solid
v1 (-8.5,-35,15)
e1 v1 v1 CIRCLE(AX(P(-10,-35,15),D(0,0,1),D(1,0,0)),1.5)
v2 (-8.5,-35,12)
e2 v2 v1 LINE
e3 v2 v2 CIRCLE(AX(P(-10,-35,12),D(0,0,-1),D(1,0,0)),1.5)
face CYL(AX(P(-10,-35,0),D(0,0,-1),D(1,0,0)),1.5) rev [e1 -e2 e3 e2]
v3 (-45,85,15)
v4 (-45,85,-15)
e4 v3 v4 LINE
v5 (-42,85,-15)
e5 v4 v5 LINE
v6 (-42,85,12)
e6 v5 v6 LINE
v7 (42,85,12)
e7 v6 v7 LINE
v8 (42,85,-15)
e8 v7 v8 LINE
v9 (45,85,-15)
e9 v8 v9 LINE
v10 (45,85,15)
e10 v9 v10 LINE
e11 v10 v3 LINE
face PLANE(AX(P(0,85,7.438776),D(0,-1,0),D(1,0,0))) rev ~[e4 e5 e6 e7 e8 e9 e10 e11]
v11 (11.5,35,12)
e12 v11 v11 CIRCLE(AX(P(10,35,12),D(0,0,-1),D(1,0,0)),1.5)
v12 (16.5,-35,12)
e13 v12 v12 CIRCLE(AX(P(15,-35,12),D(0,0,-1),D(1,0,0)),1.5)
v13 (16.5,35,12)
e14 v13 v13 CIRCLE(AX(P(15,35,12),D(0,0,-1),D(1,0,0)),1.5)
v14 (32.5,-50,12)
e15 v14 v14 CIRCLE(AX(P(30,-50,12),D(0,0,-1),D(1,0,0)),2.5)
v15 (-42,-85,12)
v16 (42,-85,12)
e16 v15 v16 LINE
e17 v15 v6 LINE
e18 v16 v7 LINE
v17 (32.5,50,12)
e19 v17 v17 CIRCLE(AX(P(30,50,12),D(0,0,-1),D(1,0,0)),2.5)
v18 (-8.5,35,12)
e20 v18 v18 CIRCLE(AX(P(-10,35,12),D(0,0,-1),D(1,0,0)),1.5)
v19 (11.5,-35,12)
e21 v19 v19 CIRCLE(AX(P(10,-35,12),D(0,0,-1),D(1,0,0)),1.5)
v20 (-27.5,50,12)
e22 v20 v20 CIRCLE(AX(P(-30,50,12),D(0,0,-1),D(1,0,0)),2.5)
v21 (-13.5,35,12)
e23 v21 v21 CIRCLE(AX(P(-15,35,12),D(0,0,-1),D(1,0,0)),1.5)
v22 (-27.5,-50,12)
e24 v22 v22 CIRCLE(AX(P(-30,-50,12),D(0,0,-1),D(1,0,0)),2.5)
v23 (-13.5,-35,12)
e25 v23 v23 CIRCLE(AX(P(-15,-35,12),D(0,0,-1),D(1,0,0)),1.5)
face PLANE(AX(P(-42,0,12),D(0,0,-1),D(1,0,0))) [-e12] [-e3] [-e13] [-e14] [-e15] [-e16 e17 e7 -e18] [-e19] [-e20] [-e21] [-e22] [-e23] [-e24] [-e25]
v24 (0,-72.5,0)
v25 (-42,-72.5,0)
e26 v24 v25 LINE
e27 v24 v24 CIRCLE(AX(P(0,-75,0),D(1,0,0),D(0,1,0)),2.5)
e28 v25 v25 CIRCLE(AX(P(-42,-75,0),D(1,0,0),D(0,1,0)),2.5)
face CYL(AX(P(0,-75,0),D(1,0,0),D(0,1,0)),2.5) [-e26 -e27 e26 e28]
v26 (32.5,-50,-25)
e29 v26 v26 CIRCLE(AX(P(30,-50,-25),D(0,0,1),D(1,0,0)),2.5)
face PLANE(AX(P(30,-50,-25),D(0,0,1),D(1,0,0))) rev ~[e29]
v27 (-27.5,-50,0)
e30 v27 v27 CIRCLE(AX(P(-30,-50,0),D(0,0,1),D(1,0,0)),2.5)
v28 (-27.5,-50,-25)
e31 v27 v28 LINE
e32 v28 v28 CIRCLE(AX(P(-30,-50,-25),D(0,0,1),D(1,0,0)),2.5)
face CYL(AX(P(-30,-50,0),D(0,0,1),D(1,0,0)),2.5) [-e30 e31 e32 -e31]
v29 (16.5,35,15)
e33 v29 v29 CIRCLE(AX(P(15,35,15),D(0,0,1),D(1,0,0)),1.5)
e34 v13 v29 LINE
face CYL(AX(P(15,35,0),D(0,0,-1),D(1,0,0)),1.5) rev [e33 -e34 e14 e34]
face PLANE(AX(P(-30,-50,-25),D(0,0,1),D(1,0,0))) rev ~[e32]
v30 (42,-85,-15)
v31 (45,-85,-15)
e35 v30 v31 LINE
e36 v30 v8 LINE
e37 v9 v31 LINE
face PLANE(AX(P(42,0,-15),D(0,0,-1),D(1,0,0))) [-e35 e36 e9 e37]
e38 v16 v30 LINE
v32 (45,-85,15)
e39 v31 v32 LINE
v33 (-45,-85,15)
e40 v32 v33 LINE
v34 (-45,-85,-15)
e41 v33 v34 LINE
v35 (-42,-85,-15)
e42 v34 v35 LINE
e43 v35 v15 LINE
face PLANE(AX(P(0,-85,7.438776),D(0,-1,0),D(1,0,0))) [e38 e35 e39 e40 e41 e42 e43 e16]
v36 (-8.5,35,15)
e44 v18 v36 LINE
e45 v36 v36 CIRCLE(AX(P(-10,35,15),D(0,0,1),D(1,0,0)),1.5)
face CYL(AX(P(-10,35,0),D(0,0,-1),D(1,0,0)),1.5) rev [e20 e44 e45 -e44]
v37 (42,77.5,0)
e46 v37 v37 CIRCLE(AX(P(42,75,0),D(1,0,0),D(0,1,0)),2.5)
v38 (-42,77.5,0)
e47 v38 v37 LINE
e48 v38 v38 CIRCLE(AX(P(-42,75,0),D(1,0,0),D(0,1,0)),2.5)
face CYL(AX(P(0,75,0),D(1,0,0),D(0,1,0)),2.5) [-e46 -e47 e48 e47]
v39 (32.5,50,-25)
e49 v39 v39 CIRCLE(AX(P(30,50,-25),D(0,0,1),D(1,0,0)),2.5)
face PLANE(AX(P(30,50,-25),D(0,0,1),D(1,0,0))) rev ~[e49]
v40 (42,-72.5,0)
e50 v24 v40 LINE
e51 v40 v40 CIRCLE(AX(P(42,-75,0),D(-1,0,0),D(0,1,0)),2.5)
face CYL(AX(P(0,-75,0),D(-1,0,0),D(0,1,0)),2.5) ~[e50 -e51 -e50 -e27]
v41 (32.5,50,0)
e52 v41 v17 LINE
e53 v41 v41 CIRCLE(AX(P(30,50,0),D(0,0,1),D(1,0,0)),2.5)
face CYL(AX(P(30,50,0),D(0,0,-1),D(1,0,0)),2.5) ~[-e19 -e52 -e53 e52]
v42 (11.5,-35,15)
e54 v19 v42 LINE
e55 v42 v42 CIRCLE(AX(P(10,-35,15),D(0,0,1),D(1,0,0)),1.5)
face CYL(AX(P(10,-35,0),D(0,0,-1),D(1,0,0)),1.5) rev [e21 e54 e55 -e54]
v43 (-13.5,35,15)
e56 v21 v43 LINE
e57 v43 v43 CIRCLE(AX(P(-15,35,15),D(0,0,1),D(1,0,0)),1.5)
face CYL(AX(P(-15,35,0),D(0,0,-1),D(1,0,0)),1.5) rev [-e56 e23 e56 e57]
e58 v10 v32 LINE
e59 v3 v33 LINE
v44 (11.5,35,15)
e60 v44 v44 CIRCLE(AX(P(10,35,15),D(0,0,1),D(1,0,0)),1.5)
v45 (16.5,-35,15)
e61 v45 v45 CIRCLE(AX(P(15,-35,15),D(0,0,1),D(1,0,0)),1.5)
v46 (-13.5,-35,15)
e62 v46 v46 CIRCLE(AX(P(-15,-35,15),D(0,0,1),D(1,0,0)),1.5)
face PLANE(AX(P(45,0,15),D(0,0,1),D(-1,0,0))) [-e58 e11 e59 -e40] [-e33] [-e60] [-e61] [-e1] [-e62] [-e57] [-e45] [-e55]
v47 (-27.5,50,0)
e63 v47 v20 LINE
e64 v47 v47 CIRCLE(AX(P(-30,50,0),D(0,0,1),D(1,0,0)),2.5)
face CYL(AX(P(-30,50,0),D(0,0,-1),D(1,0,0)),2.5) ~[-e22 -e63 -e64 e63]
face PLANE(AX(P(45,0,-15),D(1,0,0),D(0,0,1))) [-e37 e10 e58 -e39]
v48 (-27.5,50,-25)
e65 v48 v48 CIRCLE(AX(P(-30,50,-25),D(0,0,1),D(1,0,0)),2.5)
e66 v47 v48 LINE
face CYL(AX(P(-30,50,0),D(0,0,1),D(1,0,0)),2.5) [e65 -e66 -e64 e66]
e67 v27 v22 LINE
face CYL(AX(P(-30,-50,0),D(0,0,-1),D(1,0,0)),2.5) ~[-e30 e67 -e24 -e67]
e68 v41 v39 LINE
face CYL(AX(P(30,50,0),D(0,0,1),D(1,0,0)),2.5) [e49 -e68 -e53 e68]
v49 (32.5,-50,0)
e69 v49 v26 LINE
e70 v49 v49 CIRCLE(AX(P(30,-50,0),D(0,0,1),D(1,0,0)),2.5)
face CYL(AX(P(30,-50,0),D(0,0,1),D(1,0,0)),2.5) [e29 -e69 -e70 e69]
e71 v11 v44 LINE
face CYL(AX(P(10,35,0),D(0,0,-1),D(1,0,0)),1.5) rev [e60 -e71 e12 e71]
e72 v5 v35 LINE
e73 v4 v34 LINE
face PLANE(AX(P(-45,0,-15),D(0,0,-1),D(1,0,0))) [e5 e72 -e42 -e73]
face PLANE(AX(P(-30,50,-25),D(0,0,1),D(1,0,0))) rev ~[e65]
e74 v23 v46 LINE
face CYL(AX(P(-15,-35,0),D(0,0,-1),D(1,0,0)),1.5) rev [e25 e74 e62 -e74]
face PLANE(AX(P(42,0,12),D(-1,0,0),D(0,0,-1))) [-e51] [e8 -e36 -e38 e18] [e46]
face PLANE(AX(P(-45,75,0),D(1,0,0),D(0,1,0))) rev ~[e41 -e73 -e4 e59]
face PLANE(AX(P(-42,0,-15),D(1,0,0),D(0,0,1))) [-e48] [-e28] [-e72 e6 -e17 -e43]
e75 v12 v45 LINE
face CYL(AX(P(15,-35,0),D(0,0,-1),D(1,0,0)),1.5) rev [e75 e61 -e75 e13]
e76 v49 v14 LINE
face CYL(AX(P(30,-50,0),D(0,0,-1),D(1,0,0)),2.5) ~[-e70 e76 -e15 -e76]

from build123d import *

# Parameters (mm, degrees)
F1_DEPTH      = 85
F2_R          = 2.5
F3_DEPTH      = 45
F4_R          = 2.5
F5_DEPTH      = 15
F5_DEPTH_BACK = 25
F6_R          = 1.5
F7_DEPTH      = 15


with BuildPart() as f1:
    # F0 (on Front) → F1 (new body, symmetric)
    with BuildSketch(Plane.XZ):
        Polygon((42, -15), (45, -15), (45, 15), (-45, 15), (-45, -15), (-42, -15), (-42, 12), (42, 12), align=None)
    extrude(amount=F1_DEPTH, both=True)

    # F2 (on Right) → F3 (join, symmetric)
    with BuildSketch(Plane.YZ):
        with Locations((-75, 0)):
            Circle(F2_R)
        with Locations((75, 0)):
            Circle(F2_R)
    extrude(amount=F3_DEPTH, both=True)

    # F4 (on Top) → F5 (join, two sides)
    with BuildSketch(Plane.XY) as f5_sk:
        with Locations((-30, -50)):
            Circle(F4_R)
        with Locations((30, -50)):
            Circle(F4_R)
        with Locations((30, 50)):
            Circle(F4_R)
        with Locations((-30, 50)):
            Circle(F4_R)
    extrude(amount=F5_DEPTH)
    extrude(f5_sk.sketch, amount=-F5_DEPTH_BACK)

    # F6 (on Top) → F7 (cut)
    with BuildSketch(Plane.XY):
        with Locations((-10, 35)):
            Circle(F6_R)
        with Locations((10, 35)):
            Circle(F6_R)
        with Locations((10, -35)):
            Circle(F6_R)
        with Locations((-10, -35)):
            Circle(F6_R)
        with Locations((-15, 35)):
            Circle(F6_R)
        with Locations((15, 35)):
            Circle(F6_R)
        with Locations((15, -35)):
            Circle(F6_R)
        with Locations((-15, -35)):
            Circle(F6_R)
    extrude(amount=F7_DEPTH, mode=Mode.SUBTRACT)


solid = f1.part
